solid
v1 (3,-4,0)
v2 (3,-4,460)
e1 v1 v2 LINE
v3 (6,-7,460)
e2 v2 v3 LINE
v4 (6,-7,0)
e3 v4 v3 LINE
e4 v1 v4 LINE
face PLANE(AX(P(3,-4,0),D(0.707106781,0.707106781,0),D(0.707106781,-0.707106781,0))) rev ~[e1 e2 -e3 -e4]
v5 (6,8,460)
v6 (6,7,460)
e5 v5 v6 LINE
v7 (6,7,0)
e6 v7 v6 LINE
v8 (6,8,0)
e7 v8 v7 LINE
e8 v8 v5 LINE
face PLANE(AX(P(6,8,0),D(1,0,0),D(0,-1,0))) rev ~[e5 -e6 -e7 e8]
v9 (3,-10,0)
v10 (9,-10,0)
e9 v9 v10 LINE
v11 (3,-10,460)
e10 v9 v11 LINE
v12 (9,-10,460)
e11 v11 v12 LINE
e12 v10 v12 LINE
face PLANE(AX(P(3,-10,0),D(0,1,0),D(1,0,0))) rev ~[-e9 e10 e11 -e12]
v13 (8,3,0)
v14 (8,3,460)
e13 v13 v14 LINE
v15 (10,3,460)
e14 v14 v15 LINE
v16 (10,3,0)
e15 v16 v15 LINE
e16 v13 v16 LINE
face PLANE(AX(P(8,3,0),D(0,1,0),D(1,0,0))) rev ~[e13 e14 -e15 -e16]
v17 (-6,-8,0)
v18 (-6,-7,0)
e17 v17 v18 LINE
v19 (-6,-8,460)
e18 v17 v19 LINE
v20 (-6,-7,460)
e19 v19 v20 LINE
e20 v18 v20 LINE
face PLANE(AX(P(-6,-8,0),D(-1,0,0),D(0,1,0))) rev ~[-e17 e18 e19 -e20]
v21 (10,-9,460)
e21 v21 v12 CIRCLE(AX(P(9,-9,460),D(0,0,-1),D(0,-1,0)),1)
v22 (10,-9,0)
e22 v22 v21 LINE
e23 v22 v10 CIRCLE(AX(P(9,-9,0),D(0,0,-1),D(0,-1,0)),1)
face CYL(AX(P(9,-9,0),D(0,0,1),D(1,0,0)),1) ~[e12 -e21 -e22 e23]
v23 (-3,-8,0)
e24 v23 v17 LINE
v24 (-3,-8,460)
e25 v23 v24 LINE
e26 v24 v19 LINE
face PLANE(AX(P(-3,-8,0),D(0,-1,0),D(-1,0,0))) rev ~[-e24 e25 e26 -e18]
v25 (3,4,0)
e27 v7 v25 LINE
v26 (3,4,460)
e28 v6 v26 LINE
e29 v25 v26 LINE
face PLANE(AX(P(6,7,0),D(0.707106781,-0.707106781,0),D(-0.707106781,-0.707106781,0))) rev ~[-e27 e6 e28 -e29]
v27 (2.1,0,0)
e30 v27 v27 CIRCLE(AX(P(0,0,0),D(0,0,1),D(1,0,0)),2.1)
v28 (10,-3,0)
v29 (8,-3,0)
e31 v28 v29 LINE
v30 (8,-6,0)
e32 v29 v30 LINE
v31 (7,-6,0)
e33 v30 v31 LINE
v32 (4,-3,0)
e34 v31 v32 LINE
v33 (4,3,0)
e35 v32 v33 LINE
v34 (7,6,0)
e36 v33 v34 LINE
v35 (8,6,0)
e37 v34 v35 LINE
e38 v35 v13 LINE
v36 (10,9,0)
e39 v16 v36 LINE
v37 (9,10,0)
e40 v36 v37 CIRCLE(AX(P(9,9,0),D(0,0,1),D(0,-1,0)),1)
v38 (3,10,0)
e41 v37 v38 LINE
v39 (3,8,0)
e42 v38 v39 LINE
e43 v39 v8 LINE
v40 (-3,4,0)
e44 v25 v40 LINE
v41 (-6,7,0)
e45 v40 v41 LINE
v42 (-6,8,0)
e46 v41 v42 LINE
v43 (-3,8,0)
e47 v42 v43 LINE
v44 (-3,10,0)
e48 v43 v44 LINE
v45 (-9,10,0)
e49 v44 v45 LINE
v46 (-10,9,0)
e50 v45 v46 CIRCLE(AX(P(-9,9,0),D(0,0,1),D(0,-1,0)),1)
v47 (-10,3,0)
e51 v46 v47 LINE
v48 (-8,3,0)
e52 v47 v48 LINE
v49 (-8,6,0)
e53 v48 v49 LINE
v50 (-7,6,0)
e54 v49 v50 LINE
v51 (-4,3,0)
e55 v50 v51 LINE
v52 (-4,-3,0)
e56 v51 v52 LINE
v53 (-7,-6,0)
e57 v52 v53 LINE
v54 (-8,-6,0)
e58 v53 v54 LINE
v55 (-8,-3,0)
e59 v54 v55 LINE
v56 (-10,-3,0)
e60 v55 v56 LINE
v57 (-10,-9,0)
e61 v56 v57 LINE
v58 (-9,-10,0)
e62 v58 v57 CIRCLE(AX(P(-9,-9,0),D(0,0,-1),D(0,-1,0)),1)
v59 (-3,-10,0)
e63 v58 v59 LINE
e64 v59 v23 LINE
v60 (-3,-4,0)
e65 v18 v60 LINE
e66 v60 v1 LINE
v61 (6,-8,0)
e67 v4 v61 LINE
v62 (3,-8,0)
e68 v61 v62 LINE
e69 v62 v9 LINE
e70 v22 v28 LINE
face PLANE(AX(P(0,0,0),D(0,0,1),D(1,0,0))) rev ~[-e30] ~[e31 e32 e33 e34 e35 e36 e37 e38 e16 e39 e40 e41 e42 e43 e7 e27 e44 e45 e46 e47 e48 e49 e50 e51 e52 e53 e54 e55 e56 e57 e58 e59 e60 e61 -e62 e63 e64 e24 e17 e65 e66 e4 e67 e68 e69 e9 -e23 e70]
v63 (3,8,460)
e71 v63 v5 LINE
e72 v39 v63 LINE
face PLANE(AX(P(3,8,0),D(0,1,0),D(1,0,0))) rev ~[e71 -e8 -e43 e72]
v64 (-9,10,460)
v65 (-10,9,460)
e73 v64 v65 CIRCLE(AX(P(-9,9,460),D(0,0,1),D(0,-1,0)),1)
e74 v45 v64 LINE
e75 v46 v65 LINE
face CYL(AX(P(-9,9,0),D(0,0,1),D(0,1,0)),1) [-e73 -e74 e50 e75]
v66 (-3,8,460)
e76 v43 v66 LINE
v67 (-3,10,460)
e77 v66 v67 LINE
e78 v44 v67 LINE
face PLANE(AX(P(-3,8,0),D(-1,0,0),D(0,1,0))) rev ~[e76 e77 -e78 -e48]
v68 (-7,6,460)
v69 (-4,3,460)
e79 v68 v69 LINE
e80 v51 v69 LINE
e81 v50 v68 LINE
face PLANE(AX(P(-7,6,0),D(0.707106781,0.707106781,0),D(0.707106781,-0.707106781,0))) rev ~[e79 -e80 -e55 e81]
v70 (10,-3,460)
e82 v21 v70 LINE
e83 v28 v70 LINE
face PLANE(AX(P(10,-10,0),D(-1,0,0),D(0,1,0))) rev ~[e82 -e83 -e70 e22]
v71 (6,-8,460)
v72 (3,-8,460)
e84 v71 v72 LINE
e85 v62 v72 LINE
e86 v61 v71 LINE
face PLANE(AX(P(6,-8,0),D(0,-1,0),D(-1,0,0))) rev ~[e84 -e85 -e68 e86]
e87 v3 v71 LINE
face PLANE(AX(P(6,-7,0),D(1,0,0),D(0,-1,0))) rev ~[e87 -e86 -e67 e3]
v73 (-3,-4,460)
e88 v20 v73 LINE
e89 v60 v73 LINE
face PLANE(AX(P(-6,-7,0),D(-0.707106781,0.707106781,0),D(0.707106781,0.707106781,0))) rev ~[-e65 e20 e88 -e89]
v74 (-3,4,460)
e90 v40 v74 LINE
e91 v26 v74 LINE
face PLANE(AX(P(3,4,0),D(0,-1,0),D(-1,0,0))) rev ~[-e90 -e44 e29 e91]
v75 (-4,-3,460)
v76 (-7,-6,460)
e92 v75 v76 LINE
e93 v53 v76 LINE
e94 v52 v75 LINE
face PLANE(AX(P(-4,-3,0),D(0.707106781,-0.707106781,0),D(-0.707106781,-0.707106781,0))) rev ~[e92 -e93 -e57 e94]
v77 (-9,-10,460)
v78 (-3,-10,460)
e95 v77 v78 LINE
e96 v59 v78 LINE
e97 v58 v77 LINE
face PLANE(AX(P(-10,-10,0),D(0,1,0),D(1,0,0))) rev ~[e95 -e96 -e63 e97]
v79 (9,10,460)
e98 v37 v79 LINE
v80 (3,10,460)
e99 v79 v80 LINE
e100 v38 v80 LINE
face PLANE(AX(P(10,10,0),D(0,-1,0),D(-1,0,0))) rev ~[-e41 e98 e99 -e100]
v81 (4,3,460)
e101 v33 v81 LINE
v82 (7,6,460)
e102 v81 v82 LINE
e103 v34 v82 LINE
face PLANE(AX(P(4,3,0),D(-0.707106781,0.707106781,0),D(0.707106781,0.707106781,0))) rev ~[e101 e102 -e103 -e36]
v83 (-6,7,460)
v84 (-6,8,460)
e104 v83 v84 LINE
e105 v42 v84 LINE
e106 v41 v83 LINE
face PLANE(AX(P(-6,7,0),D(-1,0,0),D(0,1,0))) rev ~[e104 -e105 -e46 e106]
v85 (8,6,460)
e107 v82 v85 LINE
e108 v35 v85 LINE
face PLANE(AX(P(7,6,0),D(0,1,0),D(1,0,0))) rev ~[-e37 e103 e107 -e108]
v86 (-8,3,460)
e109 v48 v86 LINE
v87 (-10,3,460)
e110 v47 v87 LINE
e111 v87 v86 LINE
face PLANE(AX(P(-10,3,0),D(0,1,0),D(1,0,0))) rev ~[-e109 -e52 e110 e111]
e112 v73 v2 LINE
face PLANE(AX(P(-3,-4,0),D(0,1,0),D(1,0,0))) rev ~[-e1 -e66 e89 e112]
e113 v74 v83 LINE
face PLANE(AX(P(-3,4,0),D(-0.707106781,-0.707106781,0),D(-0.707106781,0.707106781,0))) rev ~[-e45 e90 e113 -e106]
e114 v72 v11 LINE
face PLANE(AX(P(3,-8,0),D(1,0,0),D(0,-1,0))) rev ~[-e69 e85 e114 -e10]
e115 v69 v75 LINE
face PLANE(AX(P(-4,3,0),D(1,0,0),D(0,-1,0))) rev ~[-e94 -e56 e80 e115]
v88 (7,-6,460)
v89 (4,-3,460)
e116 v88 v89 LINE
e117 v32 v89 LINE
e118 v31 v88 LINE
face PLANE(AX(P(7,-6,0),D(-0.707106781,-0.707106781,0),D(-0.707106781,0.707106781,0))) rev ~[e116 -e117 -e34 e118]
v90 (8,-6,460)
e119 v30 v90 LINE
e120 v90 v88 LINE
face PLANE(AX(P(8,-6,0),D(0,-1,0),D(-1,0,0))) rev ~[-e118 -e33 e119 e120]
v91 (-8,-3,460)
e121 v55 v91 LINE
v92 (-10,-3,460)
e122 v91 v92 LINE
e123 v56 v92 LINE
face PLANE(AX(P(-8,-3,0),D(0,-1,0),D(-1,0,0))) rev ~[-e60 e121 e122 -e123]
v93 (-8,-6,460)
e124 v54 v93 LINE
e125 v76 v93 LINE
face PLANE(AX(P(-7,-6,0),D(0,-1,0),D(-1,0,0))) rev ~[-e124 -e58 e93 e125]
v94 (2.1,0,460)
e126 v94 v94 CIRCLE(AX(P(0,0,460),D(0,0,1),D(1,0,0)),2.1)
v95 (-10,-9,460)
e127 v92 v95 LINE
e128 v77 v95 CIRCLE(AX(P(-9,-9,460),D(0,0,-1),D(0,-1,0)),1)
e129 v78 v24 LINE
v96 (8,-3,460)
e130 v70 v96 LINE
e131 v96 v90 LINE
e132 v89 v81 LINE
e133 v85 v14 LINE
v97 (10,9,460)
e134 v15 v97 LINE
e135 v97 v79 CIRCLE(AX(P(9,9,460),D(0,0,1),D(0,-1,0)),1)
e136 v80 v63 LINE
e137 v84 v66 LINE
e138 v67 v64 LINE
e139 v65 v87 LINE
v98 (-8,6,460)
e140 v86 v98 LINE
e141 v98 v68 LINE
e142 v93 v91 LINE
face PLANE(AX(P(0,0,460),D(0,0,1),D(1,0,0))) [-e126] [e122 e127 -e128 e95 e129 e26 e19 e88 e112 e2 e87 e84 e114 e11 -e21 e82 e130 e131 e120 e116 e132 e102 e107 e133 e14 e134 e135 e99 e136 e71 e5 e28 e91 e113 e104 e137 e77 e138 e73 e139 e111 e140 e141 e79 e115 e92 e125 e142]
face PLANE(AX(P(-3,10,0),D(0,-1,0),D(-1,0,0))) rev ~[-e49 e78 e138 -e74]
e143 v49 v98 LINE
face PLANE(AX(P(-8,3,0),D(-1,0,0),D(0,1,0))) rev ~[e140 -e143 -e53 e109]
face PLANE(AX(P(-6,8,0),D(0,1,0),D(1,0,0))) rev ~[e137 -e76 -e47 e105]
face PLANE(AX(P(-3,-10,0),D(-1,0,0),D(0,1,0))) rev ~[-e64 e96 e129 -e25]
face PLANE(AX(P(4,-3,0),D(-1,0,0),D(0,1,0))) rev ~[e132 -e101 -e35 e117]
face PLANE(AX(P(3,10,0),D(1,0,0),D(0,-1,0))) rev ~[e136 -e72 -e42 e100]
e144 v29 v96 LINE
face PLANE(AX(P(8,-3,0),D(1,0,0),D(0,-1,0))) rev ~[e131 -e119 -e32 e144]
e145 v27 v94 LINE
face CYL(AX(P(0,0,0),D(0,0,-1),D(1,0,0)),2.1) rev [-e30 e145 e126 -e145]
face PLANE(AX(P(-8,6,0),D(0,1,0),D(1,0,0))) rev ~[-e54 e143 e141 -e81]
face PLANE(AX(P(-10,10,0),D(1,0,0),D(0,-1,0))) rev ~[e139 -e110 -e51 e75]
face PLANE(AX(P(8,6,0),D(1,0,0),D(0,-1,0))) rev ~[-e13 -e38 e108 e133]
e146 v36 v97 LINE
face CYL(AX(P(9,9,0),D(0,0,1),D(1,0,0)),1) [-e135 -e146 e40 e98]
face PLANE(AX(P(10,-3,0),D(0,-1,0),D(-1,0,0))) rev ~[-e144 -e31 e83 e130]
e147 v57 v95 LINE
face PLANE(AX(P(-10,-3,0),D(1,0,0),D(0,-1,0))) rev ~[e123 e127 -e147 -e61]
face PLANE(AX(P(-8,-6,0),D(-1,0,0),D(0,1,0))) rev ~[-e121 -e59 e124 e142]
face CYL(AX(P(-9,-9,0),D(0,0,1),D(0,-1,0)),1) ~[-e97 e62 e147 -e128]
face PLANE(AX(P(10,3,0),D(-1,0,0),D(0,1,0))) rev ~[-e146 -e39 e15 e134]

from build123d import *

# Parameters (mm, degrees)
SCHIZZO1_R                   = 2.1
ESTRUSIONE_ESTRUSIONE1_DEPTH = 460
RACCORDO1_R                  = 1


with BuildPart() as part:
    # Schizzo1 → Estrusione-Estrusione1 (new body)
    with BuildSketch(Plane.XY):
        Polygon((10, 3), (10, 10), (3, 10), (3, 8), (6, 8), (6, 7), (3, 4), (-3, 4), (-6, 7), (-6, 8), (-3, 8), (-3, 10), (-10, 10), (-10, 3), (-8, 3), (-8, 6), (-7, 6), (-4, 3), (-4, -3), (-7, -6), (-8, -6), (-8, -3), (-10, -3), (-10, -10), (-3, -10), (-3, -8), (-6, -8), (-6, -7), (-3, -4), (3, -4), (6, -7), (6, -8), (3, -8), (3, -10), (10, -10), (10, -3), (8, -3), (8, -6), (7, -6), (4, -3), (4, 3), (7, 6), (8, 6), (8, 3), align=None)
        Circle(SCHIZZO1_R, mode=Mode.SUBTRACT)
    extrude(amount=ESTRUSIONE_ESTRUSIONE1_DEPTH)

    # Raccordo1
    raccordo1_edges = [part.edges().sort_by_distance(p)[0] for p in [
        (-10, 10, 230),
        (10, 10, 230),
        (10, -10, 230),
        (-10, -10, 230),
    ]]
    fillet(raccordo1_edges, radius=RACCORDO1_R)


solid = part.part
